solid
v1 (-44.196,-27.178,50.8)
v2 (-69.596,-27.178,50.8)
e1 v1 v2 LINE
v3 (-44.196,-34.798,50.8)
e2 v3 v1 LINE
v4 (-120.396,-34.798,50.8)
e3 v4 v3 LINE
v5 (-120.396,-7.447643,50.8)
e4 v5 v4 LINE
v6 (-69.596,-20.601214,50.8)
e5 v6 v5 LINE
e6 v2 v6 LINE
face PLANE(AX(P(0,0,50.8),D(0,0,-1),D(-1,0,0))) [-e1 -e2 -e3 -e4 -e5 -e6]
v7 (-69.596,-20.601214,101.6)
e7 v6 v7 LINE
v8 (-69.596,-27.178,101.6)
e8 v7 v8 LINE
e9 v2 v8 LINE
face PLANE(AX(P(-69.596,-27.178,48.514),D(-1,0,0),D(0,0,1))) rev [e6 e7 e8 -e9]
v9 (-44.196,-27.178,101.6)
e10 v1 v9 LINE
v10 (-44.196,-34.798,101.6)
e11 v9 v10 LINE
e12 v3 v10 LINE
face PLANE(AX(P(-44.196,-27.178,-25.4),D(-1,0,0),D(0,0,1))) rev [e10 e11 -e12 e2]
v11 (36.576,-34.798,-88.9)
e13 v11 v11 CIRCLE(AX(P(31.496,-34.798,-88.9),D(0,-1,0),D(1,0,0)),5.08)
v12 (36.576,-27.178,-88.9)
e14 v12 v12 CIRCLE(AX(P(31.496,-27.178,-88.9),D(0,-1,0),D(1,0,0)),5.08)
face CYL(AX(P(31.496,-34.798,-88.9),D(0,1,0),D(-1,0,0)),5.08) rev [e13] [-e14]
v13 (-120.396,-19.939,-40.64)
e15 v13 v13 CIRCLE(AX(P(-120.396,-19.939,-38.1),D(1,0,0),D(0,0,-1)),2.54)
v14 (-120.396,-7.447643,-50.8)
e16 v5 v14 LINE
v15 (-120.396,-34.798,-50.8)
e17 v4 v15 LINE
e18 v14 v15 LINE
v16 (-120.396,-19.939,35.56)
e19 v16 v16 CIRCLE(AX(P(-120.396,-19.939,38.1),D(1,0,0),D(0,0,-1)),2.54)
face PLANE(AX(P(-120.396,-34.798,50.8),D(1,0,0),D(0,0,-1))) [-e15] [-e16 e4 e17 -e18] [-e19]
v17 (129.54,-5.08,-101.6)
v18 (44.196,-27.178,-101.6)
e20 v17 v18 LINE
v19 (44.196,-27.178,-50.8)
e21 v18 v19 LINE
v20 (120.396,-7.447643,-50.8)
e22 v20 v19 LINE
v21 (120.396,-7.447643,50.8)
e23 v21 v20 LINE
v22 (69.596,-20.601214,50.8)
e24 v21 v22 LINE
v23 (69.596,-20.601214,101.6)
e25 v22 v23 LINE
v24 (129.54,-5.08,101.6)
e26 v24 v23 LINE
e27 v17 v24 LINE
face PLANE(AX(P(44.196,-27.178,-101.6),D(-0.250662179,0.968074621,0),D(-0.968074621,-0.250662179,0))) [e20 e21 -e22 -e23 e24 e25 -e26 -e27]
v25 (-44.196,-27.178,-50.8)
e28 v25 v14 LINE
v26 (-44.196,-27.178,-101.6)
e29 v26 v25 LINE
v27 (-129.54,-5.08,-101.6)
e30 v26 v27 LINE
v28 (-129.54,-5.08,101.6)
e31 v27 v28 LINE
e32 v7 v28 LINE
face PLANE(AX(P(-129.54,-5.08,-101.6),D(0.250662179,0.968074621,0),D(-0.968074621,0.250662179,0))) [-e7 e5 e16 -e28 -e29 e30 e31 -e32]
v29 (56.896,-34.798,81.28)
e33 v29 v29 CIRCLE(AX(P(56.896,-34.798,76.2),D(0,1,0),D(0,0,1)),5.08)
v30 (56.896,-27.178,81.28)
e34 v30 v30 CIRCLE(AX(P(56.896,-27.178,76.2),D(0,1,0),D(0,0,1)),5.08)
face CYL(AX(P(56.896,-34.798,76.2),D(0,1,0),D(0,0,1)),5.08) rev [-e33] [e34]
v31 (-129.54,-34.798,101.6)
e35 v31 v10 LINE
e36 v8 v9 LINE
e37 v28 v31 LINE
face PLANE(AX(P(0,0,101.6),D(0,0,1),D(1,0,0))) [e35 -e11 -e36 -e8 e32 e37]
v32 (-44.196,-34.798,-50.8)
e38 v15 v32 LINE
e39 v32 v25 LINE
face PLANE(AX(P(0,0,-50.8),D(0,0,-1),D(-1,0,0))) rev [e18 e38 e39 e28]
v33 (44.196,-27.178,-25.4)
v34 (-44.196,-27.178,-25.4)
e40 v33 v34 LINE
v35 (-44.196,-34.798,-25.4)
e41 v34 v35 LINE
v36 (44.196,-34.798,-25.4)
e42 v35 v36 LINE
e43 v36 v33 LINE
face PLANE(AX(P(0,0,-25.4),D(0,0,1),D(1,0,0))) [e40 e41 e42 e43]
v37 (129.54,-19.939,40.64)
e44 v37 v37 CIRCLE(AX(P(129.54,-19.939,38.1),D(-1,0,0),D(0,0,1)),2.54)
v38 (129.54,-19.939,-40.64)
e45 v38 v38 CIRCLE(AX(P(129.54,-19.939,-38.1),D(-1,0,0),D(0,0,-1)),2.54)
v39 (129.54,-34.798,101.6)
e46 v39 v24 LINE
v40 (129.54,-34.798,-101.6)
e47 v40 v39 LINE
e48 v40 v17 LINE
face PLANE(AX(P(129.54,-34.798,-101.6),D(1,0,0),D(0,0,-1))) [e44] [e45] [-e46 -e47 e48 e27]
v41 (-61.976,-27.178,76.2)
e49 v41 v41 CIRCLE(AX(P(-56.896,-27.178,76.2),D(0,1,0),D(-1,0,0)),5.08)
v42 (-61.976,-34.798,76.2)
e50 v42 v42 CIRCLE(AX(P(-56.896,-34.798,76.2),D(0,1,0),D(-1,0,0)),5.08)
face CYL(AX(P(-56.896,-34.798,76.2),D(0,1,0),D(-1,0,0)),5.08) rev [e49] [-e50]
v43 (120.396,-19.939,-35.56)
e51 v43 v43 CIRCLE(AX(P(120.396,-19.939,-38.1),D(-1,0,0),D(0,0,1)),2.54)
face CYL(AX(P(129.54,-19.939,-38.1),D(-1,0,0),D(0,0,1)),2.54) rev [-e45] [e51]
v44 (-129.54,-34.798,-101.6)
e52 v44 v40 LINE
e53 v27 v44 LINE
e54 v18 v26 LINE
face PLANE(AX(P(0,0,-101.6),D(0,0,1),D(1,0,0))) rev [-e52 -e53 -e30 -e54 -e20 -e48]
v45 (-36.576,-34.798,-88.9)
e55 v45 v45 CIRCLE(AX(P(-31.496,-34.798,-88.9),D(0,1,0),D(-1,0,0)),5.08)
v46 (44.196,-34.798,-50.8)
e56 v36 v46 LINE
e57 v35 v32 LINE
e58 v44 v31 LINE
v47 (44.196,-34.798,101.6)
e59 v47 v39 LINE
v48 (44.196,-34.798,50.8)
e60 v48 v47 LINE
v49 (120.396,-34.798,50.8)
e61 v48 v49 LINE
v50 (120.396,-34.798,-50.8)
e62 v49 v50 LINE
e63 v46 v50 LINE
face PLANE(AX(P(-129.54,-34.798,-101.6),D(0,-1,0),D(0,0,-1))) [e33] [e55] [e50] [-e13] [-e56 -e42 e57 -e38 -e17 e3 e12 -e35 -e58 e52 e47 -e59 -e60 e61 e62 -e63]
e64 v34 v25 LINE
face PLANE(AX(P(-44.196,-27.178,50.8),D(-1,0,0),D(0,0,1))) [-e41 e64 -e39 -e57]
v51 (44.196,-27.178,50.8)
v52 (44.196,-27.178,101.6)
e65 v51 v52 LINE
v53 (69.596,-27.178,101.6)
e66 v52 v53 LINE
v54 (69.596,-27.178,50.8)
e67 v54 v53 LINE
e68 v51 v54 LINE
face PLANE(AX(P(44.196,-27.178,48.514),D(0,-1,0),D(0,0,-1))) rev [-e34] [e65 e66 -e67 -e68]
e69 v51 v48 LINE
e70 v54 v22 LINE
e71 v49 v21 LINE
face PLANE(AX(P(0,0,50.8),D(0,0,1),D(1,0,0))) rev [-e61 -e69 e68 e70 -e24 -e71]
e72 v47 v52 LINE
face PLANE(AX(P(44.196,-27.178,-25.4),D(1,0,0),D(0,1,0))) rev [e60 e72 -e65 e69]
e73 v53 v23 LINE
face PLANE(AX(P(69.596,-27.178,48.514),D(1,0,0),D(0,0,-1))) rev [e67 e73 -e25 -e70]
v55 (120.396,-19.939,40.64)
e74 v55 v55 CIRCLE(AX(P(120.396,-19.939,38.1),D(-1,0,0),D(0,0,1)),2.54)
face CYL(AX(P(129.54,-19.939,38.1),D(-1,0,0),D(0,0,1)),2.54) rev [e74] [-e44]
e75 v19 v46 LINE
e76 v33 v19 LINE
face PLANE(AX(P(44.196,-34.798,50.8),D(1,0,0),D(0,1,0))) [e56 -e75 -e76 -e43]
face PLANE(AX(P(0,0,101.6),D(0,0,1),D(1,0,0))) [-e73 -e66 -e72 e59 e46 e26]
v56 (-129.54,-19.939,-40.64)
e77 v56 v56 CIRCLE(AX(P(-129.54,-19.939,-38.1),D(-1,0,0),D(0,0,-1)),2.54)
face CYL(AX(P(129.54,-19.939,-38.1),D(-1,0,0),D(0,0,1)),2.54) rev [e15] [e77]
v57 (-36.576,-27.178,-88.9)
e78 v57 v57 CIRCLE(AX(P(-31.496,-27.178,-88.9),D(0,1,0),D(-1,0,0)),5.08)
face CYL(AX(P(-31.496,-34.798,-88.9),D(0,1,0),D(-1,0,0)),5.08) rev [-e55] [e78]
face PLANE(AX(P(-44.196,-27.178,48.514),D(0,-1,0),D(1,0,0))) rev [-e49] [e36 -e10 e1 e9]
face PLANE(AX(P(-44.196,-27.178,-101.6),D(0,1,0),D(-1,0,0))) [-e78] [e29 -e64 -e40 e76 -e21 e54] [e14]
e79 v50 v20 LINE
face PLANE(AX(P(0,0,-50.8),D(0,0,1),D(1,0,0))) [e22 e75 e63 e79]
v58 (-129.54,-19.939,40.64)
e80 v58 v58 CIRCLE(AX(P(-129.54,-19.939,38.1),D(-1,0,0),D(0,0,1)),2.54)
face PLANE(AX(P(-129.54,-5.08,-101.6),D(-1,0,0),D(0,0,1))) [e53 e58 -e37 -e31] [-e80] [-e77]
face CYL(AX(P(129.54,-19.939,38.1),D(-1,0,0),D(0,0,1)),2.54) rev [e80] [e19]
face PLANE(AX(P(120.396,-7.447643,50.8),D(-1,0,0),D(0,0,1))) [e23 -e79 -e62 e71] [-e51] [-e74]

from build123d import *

# Parameters (mm, degrees)
SKETCH1_W                = 259.08
SKETCH1_H                = 298.45
BOSS_EXTRUDE3_DEPTH      = 14.732
SKETCH2_W                = 259.08
SKETCH2_H                = 298.45
BOSS_EXTRUDE4_DEPTH      = 22.098
SKETCH4_OUTSIDE_W        = 379.836
SKETCH4_OUTSIDE_H        = 118.216
CUT_EXTRUDE2_DEPTH       = 259.08
SKETCH6_OUTSIDE_W        = 340.466
SKETCH6_OUTSIDE_H        = 118.216
CUT_EXTRUDE4_DEPTH       = 298.45
BOSS_EXTRUDE6_DEPTH      = 101.6
BOSS_EXTRUDE6_DEPTH_BACK = 101.6
SKETCH8_W                = 88.392
SKETCH8_H                = 7.62
CUT_EXTRUDE5_DEPTH       = 127
CUT_EXTRUDE7_DEPTH       = 50.8
CUT_EXTRUDE7_DEPTH_BACK  = 50.8
SKETCH15_W               = 25.4
SKETCH15_H               = 6.576785714
CUT_EXTRUDE8_DEPTH       = 53.086
SKETCH16_W               = 25.4
SKETCH16_H               = 6.576785714
CUT_EXTRUDE9_DEPTH       = 53.086
SKETCH17_R               = 5.08
CUT_EXTRUDE10_DEPTH      = 8.62
SKETCH18_R               = 2.54
CUT_EXTRUDE11_DEPTH      = 260.08
SKETCH19_R               = 5.08
CUT_EXTRUDE12_DEPTH      = 8.62
SKETCH21_R               = 5.08
CUT_EXTRUDE13_DEPTH      = 8.62


with BuildPart() as part:
    # Sketch1 → Boss-Extrude3 (new body)
    with BuildSketch(Plane(origin=(0, 0, 0), x_dir=(1, 0, 0), z_dir=(0, 1, 0))):
        Rectangle(SKETCH1_W, SKETCH1_H)
    extrude(amount=BOSS_EXTRUDE3_DEPTH)

    # Sketch2 → Boss-Extrude4 (add)
    with BuildSketch(Plane.XZ):
        Rectangle(SKETCH2_W, SKETCH2_H)
    extrude(amount=BOSS_EXTRUDE4_DEPTH)

    # Sketch4 outside → Cut-Extrude2 (cut)
    with BuildSketch(Plane(origin=(129.54, 0, 0), x_dir=(0, 0, -1), z_dir=(1, 0, 0))):
        with Locations((0, -3.683)):
            Rectangle(SKETCH4_OUTSIDE_W, SKETCH4_OUTSIDE_H)
        Polygon((0, -22.098), (-149.225, 0), (-149.225, 14.732), (149.225, 14.732), (149.225, 0), align=None, mode=Mode.SUBTRACT)
    extrude(amount=-CUT_EXTRUDE2_DEPTH, mode=Mode.SUBTRACT)

    # Sketch6 outside → Cut-Extrude4 (cut)
    with BuildSketch(Plane.XY.offset(149.225)):
        with Locations((0, -3.683)):
            Rectangle(SKETCH6_OUTSIDE_W, SKETCH6_OUTSIDE_H)
        Polygon((-44.196, -22.098), (44.196, -22.098), (129.54, 0), (129.54, 14.732), (-129.54, 14.732), (-129.54, 0), align=None, mode=Mode.SUBTRACT)
    extrude(amount=-CUT_EXTRUDE4_DEPTH, mode=Mode.SUBTRACT)


with BuildPart() as body_2:
    # Sketch7 → Boss-Extrude6 (new body, two sides)
    with BuildSketch(Plane.XY) as boss_extrude6_sk:
        Polygon((44.196, -27.178), (129.54, -5.08), (129.54, -34.798), (-129.54, -34.798), (-129.54, -5.08), (-44.196, -27.178), align=None)
    extrude(amount=BOSS_EXTRUDE6_DEPTH)
    extrude(boss_extrude6_sk.sketch, amount=-BOSS_EXTRUDE6_DEPTH_BACK)

    # Sketch8 → Cut-Extrude5 (cut)
    with BuildSketch(Plane.XY.offset(101.6)):
        with Locations((0, -30.988)):
            Rectangle(SKETCH8_W, SKETCH8_H)
    extrude(amount=-CUT_EXTRUDE5_DEPTH, mode=Mode.SUBTRACT)

    # Sketch10 → Cut-Extrude7 (cut, two sides)
    with BuildSketch(Plane.XY) as cut_extrude7_sk:
        Polygon((-44.196, -27.178), (-120.396, -7.447642857), (-120.396, -34.798), (-44.196, -34.798), align=None)
        Polygon((120.396, -7.447642857), (44.196, -27.178), (44.196, -34.798), (120.396, -34.798), align=None)
    extrude(amount=CUT_EXTRUDE7_DEPTH, mode=Mode.SUBTRACT)
    extrude(cut_extrude7_sk.sketch, amount=-CUT_EXTRUDE7_DEPTH_BACK, mode=Mode.SUBTRACT)

    # Sketch15 → Cut-Extrude8 (cut)
    with BuildSketch(Plane.XY.offset(101.6)):
        with Locations((56.896, -23.889607143)):
            Rectangle(SKETCH15_W, SKETCH15_H)
    extrude(amount=-CUT_EXTRUDE8_DEPTH, mode=Mode.SUBTRACT)

    # Sketch16 → Cut-Extrude9 (cut)
    with BuildSketch(Plane.XY.offset(101.6)):
        with Locations((-56.896, -23.889607143)):
            Rectangle(SKETCH16_W, SKETCH16_H)
    extrude(amount=-CUT_EXTRUDE9_DEPTH, mode=Mode.SUBTRACT)

    # Sketch17 → Cut-Extrude10 (cut, through all)
    with BuildSketch(Plane(origin=(0, -27.178, 0), x_dir=(1, 0, 0), z_dir=(0, 1, 0))):
        with Locations((-31.496, 88.9)):
            Circle(SKETCH17_R)
        with Locations((31.496, 88.9)):
            Circle(SKETCH17_R)
    extrude(amount=-CUT_EXTRUDE10_DEPTH, mode=Mode.SUBTRACT)

    # Sketch18 → Cut-Extrude11 (cut, through all)
    with BuildSketch(Plane.ZY.offset(129.54)):
        with Locations((38.1, -19.939)):
            Circle(SKETCH18_R)
        with Locations((-38.1, -19.939)):
            Circle(SKETCH18_R)
    extrude(amount=-CUT_EXTRUDE11_DEPTH, mode=Mode.SUBTRACT)

    # Sketch19 → Cut-Extrude12 (cut, through all)
    with BuildSketch(Plane(origin=(0, -27.178, 0), x_dir=(1, 0, 0), z_dir=(0, 1, 0))):
        with Locations((-56.896, -76.2)):
            Circle(SKETCH19_R)
    extrude(amount=-CUT_EXTRUDE12_DEPTH, mode=Mode.SUBTRACT)

    # Sketch21 → Cut-Extrude13 (cut, through all)
    with BuildSketch(Plane(origin=(0, -27.178, 0), x_dir=(1, 0, 0), z_dir=(0, 1, 0))):
        with Locations((56.896, -76.2)):
            Circle(SKETCH21_R)
    extrude(amount=-CUT_EXTRUDE13_DEPTH, mode=Mode.SUBTRACT)


solid = body_2.part
